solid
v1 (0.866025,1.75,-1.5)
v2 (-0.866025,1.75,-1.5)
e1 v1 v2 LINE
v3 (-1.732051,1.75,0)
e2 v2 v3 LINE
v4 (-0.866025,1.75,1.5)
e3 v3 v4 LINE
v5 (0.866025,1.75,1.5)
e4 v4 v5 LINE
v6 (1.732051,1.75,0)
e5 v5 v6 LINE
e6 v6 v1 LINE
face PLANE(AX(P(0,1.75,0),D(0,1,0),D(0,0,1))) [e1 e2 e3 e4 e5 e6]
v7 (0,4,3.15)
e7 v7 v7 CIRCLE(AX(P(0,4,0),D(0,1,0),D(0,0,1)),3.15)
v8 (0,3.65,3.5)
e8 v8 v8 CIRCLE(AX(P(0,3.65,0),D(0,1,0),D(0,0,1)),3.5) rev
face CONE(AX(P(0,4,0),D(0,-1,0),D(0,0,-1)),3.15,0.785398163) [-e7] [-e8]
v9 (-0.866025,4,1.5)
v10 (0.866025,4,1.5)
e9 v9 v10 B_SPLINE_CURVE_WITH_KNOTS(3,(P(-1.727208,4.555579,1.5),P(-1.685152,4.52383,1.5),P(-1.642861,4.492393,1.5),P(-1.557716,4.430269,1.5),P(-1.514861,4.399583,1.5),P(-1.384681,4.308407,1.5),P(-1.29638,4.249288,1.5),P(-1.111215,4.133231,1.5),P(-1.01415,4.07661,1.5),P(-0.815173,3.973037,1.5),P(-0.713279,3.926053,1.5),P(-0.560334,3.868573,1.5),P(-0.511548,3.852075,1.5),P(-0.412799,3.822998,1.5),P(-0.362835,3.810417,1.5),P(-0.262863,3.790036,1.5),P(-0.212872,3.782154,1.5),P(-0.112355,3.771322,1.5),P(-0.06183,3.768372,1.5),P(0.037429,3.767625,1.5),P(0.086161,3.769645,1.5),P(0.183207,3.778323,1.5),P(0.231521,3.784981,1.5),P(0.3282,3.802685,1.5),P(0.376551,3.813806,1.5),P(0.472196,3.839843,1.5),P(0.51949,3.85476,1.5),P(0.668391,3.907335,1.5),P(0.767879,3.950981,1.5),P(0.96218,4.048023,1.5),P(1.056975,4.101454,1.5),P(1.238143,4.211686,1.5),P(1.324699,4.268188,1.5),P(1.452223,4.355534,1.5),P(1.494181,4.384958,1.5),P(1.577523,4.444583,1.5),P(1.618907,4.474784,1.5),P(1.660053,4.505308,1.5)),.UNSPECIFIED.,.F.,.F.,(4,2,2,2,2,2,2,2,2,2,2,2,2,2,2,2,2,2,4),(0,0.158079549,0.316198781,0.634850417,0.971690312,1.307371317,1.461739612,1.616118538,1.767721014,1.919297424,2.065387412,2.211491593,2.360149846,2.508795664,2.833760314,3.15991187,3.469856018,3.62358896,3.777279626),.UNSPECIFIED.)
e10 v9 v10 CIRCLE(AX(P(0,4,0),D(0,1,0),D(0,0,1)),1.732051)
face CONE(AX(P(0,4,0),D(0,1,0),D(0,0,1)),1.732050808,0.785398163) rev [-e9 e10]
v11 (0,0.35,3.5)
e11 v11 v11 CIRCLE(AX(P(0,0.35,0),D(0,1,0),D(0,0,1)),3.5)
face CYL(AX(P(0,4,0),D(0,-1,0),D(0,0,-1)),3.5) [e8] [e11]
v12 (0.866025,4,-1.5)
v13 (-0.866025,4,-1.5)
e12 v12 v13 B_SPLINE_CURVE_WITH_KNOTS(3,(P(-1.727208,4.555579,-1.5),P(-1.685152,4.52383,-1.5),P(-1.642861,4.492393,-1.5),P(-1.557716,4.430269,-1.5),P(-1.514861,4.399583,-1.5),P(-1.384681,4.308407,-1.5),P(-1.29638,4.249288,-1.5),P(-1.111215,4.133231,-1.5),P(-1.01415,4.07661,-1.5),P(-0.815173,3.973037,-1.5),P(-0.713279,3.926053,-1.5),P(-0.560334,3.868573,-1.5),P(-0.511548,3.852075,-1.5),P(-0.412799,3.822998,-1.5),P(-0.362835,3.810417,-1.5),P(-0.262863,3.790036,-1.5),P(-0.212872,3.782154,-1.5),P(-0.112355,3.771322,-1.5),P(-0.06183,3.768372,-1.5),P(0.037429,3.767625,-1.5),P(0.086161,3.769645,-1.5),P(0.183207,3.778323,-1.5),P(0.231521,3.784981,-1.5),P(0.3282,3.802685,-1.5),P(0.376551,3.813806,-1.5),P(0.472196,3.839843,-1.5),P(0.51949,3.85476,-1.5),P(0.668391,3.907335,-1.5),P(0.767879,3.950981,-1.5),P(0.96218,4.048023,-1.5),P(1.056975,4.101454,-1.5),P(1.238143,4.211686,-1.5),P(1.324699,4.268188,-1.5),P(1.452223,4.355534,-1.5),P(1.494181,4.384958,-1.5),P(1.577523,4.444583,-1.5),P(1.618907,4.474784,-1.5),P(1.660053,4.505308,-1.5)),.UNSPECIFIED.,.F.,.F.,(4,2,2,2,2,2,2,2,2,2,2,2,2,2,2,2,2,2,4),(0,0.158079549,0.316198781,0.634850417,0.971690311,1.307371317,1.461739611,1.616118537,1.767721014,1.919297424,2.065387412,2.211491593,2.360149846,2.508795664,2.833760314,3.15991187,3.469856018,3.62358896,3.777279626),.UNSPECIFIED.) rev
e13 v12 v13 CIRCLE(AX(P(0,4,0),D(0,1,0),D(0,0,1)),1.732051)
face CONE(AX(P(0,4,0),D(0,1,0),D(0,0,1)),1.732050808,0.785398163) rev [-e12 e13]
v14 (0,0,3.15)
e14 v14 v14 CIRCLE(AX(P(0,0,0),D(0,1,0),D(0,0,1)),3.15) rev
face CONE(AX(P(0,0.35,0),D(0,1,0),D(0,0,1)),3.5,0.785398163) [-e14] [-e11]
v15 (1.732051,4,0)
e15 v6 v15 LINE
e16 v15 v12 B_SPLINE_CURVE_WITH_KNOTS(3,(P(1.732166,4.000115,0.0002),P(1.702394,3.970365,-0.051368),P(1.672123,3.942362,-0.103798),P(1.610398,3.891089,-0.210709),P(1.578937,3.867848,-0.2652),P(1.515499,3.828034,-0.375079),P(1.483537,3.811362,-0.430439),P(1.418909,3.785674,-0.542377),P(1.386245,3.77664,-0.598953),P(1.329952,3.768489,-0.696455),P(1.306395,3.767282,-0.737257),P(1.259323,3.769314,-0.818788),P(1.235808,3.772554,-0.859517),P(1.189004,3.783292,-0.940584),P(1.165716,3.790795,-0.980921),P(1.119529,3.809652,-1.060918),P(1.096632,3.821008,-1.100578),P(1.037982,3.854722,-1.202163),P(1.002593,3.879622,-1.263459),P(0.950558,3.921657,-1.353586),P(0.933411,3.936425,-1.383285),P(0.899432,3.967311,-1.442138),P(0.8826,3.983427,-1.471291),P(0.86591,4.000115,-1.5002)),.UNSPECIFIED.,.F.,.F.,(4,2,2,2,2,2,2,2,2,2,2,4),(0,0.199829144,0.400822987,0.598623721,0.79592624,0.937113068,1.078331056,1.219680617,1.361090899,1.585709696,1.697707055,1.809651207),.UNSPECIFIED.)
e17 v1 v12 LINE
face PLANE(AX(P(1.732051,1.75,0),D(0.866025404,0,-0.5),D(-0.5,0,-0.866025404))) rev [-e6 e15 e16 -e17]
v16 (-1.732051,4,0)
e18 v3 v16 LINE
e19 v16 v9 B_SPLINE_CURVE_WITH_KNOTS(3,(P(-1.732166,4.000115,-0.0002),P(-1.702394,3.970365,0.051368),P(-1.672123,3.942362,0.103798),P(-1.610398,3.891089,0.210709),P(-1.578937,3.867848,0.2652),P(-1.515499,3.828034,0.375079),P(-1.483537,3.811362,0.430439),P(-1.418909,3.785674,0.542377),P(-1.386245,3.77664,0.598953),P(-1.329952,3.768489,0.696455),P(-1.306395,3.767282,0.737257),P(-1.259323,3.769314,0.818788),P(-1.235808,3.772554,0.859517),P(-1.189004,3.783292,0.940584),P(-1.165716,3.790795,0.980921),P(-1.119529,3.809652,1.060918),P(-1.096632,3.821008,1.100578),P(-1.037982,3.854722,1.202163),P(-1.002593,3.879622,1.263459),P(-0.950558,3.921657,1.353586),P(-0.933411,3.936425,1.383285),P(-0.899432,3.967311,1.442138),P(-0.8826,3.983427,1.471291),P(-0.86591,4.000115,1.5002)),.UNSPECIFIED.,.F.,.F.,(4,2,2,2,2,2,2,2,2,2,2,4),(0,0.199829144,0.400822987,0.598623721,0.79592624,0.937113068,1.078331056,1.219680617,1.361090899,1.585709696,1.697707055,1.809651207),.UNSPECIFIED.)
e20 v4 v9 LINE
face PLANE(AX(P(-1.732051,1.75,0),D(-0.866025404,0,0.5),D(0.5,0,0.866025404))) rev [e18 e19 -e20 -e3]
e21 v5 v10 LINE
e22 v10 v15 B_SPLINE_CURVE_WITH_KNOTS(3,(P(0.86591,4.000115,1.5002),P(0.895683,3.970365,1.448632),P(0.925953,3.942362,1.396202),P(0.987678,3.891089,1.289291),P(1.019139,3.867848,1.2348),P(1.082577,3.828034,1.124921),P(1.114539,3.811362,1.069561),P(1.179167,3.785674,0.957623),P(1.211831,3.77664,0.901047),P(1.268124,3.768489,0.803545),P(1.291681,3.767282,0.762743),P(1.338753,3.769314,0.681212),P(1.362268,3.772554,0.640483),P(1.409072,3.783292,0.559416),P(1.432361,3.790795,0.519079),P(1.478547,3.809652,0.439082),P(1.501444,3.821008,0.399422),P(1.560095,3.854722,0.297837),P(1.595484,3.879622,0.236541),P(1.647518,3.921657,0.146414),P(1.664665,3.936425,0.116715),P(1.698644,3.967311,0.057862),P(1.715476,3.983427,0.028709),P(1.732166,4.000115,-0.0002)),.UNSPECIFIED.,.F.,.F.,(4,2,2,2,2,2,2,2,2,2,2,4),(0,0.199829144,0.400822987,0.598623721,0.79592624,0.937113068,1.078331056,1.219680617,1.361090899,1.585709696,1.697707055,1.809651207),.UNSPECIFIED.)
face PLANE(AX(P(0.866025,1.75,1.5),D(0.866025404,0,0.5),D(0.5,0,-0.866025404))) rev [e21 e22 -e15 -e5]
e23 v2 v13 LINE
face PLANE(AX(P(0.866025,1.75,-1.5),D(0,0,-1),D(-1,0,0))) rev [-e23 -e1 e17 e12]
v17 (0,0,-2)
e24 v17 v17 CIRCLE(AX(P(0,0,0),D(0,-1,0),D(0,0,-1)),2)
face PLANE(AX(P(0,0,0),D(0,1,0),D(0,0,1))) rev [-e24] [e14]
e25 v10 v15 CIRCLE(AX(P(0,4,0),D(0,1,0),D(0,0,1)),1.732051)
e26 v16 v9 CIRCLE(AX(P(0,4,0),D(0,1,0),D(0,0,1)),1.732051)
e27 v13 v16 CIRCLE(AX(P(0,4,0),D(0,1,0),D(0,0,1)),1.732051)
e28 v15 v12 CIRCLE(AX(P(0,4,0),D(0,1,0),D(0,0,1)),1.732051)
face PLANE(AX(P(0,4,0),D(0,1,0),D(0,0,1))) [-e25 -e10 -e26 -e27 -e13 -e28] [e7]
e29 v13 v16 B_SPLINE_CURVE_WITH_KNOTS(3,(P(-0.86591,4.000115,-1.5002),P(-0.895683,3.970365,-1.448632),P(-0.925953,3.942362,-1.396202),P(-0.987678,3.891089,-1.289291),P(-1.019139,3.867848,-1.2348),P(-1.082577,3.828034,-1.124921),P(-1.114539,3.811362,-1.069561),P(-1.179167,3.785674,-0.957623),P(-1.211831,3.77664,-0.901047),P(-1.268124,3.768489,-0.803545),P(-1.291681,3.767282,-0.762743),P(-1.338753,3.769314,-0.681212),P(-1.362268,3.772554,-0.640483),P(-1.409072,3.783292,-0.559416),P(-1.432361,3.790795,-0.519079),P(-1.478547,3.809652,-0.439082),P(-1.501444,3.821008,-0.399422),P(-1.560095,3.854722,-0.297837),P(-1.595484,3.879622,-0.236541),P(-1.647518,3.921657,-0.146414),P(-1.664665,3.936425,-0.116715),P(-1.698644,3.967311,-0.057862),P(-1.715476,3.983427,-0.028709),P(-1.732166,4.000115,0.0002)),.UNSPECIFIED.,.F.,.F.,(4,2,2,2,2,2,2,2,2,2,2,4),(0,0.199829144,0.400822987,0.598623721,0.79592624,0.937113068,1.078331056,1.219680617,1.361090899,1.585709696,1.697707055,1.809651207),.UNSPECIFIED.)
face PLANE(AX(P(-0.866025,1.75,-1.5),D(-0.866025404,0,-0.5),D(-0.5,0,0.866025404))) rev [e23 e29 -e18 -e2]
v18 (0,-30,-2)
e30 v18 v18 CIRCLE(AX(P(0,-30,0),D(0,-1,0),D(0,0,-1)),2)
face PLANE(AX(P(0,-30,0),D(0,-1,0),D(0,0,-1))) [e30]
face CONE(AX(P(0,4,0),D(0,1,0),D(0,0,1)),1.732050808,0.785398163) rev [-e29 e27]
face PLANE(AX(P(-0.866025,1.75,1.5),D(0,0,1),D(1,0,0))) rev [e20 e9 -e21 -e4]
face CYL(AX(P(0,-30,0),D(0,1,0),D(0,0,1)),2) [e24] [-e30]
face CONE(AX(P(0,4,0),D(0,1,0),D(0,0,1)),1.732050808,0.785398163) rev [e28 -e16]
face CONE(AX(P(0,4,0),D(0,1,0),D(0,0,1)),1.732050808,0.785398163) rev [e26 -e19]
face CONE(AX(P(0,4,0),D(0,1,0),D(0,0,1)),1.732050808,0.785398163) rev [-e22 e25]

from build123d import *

# Parameters (mm, degrees)
SKETCH1_R           = 3.5
BOSS_EXTRUDE1_DEPTH = 4
CUT_EXTRUDE1_DEPTH  = 2.25
CHAMFER1_SIZE       = 0.35
SKETCH_1_R          = 2
EXTRUDE_1_DEPTH     = 30


with BuildPart() as part:
    # Sketch1 → Boss-Extrude1 (new body)
    with BuildSketch(Plane(origin=(0, 0, 0), x_dir=(1, 0, 0), z_dir=(0, 1, 0))):
        with Locations(Location((0, 0, 0), (0, 0, 270))):
            Circle(SKETCH1_R)
    extrude(amount=BOSS_EXTRUDE1_DEPTH)

    # Sketch2 → Cut-Extrude1 (cut)
    with BuildSketch(Plane(origin=(0, 4, 0), x_dir=(1, 0, 0), z_dir=(0, 1, 0))):
        Polygon((0.866025404, 1.5), (-0.866025404, 1.5), (-1.732050808, 0), (-0.866025404, -1.5), (0.866025404, -1.5), (1.732050808, 0), align=None)
    extrude(amount=-CUT_EXTRUDE1_DEPTH, mode=Mode.SUBTRACT)

    # Cut-Extrude2 cone 1 section (through the dimple's axis) → Cut-Extrude2 (revolve, cut)
    with BuildSketch(Plane(origin=(0, 4, 0), x_dir=(0, 0, 1), z_dir=(1, 0, 0))):
        Polygon((0, 0), (1.732050808, 0), (0, 1.732050808), align=None)
    revolve(axis=Axis((0, 4, 0), (0, -1, 0)), mode=Mode.SUBTRACT)

    # Chamfer1
    chamfer1_edges = [part.edges().sort_by_distance(p)[0] for p in [
        (0, 0, -3.5),
        (0, 4, -3.5),
    ]]
    chamfer(chamfer1_edges, length=CHAMFER1_SIZE)

    # 草图1 → 凸台-拉伸1 (add)
    with BuildSketch(Plane(origin=(0, 0, 0), x_dir=(-1, 0, 0), z_dir=(0, -1, 0))):
        with Locations(Location((0, 0, 0), (0, 0, 90))):
            Circle(SKETCH_1_R)
    extrude(amount=EXTRUDE_1_DEPTH)


solid = part.part
